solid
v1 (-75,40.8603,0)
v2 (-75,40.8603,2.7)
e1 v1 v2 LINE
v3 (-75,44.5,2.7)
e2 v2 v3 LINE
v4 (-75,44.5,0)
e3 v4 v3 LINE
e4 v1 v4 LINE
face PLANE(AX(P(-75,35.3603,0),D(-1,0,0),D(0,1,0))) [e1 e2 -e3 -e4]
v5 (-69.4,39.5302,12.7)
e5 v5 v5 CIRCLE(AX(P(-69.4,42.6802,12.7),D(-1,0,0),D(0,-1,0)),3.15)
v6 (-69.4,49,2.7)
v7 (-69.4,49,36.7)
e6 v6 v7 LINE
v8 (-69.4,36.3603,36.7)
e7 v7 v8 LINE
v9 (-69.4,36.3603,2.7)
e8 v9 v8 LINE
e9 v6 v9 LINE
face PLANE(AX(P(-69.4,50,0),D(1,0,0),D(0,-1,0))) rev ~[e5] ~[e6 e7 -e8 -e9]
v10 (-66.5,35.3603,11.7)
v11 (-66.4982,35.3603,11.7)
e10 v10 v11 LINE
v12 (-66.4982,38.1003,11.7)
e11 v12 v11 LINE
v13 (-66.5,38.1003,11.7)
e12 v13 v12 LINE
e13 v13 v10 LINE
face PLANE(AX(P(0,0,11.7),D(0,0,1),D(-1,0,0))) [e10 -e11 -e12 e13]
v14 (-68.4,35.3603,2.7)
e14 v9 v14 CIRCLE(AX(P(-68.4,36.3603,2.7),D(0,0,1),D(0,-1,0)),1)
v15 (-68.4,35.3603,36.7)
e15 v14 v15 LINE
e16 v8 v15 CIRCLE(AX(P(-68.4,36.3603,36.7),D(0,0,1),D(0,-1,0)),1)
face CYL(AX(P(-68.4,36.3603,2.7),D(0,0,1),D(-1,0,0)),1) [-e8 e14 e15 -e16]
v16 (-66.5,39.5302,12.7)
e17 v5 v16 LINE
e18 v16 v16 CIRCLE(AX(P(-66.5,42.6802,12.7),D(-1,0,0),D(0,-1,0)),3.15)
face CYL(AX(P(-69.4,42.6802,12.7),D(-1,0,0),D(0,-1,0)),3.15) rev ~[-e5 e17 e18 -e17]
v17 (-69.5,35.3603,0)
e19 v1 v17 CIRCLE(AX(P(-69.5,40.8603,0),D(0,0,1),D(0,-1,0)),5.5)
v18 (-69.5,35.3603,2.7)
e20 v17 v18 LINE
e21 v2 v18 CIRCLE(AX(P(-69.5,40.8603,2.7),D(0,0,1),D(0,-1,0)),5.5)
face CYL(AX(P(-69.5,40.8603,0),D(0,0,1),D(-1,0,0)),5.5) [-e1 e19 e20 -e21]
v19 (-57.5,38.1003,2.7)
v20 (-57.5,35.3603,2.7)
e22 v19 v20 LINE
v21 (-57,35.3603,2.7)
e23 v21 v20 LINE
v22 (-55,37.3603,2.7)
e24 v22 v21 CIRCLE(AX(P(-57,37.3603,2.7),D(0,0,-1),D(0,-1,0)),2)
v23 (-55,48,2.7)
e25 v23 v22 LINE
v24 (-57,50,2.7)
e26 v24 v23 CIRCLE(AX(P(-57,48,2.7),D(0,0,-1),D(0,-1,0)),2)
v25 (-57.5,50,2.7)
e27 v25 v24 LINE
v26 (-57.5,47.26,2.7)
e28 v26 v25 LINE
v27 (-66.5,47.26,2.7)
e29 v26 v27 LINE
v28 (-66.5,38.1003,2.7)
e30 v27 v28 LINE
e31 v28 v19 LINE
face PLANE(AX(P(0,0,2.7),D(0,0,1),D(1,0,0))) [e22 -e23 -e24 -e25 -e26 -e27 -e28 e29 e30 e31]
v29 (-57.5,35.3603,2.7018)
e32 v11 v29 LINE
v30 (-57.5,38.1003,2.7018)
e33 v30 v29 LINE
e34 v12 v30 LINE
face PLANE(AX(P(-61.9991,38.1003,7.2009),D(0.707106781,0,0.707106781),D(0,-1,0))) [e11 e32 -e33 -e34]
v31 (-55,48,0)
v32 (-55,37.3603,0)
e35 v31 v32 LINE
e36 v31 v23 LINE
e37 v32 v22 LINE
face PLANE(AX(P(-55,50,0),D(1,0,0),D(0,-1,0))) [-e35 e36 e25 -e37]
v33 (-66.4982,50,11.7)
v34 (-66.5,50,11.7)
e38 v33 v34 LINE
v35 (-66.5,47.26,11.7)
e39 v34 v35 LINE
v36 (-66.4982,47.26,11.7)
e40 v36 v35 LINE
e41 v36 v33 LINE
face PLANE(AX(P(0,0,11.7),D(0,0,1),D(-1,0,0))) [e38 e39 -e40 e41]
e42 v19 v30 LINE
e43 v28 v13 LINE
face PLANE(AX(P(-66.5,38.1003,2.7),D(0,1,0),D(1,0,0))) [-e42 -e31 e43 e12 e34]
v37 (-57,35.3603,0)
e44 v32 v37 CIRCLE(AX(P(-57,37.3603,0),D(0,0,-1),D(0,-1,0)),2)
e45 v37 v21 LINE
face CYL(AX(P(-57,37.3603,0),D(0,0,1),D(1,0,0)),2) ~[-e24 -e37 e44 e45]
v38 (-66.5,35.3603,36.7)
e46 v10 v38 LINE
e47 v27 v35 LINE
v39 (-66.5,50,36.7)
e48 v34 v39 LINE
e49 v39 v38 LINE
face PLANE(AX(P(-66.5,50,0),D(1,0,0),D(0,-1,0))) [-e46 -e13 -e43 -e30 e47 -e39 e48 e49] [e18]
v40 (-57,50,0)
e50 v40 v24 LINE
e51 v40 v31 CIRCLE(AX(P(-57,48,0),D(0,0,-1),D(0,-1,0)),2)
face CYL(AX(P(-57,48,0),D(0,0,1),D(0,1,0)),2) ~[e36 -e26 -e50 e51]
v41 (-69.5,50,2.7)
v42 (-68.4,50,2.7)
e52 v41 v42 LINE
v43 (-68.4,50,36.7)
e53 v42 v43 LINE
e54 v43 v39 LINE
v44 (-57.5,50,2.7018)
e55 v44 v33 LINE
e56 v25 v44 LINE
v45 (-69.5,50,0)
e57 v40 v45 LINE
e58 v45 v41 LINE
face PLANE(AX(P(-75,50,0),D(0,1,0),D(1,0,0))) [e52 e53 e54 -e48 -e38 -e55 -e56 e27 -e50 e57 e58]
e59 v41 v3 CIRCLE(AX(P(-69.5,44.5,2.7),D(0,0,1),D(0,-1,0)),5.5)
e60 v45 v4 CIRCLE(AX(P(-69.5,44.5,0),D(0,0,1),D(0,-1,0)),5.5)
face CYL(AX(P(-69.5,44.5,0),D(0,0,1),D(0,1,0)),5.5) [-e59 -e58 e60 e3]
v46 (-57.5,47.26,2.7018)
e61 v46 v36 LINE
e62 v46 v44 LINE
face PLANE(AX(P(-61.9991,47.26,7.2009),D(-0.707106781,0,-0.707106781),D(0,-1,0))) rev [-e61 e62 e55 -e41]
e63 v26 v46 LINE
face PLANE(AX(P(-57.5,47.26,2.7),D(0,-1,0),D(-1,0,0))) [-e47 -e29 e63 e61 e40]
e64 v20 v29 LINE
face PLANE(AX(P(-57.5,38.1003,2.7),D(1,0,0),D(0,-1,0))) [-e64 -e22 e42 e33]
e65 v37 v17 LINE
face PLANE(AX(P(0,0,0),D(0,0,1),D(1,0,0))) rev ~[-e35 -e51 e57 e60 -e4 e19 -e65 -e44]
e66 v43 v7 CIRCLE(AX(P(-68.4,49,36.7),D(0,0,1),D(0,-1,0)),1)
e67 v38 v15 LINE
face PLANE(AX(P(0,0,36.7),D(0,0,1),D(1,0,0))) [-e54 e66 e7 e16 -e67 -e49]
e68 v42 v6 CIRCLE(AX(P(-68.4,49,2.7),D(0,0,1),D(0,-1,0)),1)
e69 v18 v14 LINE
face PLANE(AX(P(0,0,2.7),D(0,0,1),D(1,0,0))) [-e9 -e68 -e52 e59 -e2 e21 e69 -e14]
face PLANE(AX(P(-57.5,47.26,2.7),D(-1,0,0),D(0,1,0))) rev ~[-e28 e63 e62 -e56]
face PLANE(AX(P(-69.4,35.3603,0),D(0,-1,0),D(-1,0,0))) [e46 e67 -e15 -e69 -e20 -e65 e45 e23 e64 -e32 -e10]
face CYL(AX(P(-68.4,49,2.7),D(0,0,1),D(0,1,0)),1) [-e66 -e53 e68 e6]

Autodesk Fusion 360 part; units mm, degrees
sketch "Skizze1" plane through (0, 0, 0) normal (0, 0, 1) x (1, 0, 0)
  line L0 (-75, 50) -> (-55, 50)
  line L1 (-55, 50) -> (-55, 35.3603)
  line L2 (-55, 35.3603) -> (-75, 35.3603)
  line L3 (-75, 35.3603) -> (-75, 50)
  line L4 (-69.4, 50) -> (-69.4, 35.3603)
  line L5 (-66.5, 50) -> (-66.5, 35.3603)
  dimension "d1" = 20
  dimension "d2" = 5.6
  dimension "d3" = 2.9
extrude "Extrusion1" add sketch "Skizze1" along normal blind 2.7 contours L0 L2 L3 L4 | L0 L1 L2 L5 makes body 1 at (-73.1333, 45.1201, 0) makes body 2 at (-62.6667, 45.1201, 0)
extrude "Extrusion2" add sketch "Skizze1" along normal blind 36.7 contours L0 L2 L4 L5 bodies 1 2
sketch "Skizze2" plane through (-69.4, 0, 0) normal (-1, 0, 0) x (0, -1, 0)
  line L0 (-50, 2.7) -> (-35.3603, 2.7)
  line L1 (-35.3603, 2.7) -> (-35.3603, 36.7)
  line L2 (-35.3603, 36.7) -> (-50, 36.7)
  line L3 (-50, 36.7) -> (-50, 2.7)
  line L4 (-42.6802, 2.7) -> (-42.6802, 36.7) construction
  line L5 (-50, 12.7) -> (-35.3603, 12.7) construction
  line L6 (-50, 2.7) -> (-35.3603, 2.7) construction
  circle A0 centre (-42.6802, 12.7) radius 3.15
  dimension "d8" = 10
  dimension "d9" = 6.3
extrude "Extrusion3" cut sketch "Skizze2" against normal blind 3 contours A0 bodies 1
fillet "Abrundung1" radius 5.5 2 edges at (-75, 50, 1.35) (-75, 35.3603, 1.35) on bodies 1
sketch "Skizze3" plane through (0, 0, 2.7) normal (0, 0, 1) x (-1, 0, 0)
  line L0 (55, -50) -> (66.5, -50)
  line L1 (66.5, -50) -> (66.5, -35.3603)
  line L2 (66.5, -35.3603) -> (55, -35.3603)
  line L3 (55, -35.3603) -> (55, -50)
  line L4 (66.5, -38.1003) -> (55, -38.1003)
  line L5 (55, -47.26) -> (66.5, -47.26)
  line L6 (57.5, -38.1003) -> (57.5, -35.3603)
  line L7 (57.5, -47.26) -> (57.5, -50)
  dimension "d14" = 2.74
  dimension "d15" = 2.74
  dimension "d16" = 9
  dimension "d17" = 9
extrude "Extrusion4" add sketch "Skizze3" along normal blind 9 contours L0 L1 L5 L7 | L1 L2 L4 L6 bodies 1
chamfer "Fase2" distance 9 angle 45 2 edges at (-57.5, 36.7303, 11.7) (-57.5, 48.63, 11.7) on bodies 1
fillet "Abrundung2" radius 1 2 edges at (-69.4, 50, 19.7) (-69.4, 35.3603, 19.7) on bodies 1
fillet "Abrundung3" radius 2 2 edges at (-55, 50, 1.35) (-55, 35.3603, 1.35) on bodies 1
equation "d6 = 34 mm + 2.7 mm"
equation "d18 = 15 mm - 2.7 mm - 3.3 mm"
